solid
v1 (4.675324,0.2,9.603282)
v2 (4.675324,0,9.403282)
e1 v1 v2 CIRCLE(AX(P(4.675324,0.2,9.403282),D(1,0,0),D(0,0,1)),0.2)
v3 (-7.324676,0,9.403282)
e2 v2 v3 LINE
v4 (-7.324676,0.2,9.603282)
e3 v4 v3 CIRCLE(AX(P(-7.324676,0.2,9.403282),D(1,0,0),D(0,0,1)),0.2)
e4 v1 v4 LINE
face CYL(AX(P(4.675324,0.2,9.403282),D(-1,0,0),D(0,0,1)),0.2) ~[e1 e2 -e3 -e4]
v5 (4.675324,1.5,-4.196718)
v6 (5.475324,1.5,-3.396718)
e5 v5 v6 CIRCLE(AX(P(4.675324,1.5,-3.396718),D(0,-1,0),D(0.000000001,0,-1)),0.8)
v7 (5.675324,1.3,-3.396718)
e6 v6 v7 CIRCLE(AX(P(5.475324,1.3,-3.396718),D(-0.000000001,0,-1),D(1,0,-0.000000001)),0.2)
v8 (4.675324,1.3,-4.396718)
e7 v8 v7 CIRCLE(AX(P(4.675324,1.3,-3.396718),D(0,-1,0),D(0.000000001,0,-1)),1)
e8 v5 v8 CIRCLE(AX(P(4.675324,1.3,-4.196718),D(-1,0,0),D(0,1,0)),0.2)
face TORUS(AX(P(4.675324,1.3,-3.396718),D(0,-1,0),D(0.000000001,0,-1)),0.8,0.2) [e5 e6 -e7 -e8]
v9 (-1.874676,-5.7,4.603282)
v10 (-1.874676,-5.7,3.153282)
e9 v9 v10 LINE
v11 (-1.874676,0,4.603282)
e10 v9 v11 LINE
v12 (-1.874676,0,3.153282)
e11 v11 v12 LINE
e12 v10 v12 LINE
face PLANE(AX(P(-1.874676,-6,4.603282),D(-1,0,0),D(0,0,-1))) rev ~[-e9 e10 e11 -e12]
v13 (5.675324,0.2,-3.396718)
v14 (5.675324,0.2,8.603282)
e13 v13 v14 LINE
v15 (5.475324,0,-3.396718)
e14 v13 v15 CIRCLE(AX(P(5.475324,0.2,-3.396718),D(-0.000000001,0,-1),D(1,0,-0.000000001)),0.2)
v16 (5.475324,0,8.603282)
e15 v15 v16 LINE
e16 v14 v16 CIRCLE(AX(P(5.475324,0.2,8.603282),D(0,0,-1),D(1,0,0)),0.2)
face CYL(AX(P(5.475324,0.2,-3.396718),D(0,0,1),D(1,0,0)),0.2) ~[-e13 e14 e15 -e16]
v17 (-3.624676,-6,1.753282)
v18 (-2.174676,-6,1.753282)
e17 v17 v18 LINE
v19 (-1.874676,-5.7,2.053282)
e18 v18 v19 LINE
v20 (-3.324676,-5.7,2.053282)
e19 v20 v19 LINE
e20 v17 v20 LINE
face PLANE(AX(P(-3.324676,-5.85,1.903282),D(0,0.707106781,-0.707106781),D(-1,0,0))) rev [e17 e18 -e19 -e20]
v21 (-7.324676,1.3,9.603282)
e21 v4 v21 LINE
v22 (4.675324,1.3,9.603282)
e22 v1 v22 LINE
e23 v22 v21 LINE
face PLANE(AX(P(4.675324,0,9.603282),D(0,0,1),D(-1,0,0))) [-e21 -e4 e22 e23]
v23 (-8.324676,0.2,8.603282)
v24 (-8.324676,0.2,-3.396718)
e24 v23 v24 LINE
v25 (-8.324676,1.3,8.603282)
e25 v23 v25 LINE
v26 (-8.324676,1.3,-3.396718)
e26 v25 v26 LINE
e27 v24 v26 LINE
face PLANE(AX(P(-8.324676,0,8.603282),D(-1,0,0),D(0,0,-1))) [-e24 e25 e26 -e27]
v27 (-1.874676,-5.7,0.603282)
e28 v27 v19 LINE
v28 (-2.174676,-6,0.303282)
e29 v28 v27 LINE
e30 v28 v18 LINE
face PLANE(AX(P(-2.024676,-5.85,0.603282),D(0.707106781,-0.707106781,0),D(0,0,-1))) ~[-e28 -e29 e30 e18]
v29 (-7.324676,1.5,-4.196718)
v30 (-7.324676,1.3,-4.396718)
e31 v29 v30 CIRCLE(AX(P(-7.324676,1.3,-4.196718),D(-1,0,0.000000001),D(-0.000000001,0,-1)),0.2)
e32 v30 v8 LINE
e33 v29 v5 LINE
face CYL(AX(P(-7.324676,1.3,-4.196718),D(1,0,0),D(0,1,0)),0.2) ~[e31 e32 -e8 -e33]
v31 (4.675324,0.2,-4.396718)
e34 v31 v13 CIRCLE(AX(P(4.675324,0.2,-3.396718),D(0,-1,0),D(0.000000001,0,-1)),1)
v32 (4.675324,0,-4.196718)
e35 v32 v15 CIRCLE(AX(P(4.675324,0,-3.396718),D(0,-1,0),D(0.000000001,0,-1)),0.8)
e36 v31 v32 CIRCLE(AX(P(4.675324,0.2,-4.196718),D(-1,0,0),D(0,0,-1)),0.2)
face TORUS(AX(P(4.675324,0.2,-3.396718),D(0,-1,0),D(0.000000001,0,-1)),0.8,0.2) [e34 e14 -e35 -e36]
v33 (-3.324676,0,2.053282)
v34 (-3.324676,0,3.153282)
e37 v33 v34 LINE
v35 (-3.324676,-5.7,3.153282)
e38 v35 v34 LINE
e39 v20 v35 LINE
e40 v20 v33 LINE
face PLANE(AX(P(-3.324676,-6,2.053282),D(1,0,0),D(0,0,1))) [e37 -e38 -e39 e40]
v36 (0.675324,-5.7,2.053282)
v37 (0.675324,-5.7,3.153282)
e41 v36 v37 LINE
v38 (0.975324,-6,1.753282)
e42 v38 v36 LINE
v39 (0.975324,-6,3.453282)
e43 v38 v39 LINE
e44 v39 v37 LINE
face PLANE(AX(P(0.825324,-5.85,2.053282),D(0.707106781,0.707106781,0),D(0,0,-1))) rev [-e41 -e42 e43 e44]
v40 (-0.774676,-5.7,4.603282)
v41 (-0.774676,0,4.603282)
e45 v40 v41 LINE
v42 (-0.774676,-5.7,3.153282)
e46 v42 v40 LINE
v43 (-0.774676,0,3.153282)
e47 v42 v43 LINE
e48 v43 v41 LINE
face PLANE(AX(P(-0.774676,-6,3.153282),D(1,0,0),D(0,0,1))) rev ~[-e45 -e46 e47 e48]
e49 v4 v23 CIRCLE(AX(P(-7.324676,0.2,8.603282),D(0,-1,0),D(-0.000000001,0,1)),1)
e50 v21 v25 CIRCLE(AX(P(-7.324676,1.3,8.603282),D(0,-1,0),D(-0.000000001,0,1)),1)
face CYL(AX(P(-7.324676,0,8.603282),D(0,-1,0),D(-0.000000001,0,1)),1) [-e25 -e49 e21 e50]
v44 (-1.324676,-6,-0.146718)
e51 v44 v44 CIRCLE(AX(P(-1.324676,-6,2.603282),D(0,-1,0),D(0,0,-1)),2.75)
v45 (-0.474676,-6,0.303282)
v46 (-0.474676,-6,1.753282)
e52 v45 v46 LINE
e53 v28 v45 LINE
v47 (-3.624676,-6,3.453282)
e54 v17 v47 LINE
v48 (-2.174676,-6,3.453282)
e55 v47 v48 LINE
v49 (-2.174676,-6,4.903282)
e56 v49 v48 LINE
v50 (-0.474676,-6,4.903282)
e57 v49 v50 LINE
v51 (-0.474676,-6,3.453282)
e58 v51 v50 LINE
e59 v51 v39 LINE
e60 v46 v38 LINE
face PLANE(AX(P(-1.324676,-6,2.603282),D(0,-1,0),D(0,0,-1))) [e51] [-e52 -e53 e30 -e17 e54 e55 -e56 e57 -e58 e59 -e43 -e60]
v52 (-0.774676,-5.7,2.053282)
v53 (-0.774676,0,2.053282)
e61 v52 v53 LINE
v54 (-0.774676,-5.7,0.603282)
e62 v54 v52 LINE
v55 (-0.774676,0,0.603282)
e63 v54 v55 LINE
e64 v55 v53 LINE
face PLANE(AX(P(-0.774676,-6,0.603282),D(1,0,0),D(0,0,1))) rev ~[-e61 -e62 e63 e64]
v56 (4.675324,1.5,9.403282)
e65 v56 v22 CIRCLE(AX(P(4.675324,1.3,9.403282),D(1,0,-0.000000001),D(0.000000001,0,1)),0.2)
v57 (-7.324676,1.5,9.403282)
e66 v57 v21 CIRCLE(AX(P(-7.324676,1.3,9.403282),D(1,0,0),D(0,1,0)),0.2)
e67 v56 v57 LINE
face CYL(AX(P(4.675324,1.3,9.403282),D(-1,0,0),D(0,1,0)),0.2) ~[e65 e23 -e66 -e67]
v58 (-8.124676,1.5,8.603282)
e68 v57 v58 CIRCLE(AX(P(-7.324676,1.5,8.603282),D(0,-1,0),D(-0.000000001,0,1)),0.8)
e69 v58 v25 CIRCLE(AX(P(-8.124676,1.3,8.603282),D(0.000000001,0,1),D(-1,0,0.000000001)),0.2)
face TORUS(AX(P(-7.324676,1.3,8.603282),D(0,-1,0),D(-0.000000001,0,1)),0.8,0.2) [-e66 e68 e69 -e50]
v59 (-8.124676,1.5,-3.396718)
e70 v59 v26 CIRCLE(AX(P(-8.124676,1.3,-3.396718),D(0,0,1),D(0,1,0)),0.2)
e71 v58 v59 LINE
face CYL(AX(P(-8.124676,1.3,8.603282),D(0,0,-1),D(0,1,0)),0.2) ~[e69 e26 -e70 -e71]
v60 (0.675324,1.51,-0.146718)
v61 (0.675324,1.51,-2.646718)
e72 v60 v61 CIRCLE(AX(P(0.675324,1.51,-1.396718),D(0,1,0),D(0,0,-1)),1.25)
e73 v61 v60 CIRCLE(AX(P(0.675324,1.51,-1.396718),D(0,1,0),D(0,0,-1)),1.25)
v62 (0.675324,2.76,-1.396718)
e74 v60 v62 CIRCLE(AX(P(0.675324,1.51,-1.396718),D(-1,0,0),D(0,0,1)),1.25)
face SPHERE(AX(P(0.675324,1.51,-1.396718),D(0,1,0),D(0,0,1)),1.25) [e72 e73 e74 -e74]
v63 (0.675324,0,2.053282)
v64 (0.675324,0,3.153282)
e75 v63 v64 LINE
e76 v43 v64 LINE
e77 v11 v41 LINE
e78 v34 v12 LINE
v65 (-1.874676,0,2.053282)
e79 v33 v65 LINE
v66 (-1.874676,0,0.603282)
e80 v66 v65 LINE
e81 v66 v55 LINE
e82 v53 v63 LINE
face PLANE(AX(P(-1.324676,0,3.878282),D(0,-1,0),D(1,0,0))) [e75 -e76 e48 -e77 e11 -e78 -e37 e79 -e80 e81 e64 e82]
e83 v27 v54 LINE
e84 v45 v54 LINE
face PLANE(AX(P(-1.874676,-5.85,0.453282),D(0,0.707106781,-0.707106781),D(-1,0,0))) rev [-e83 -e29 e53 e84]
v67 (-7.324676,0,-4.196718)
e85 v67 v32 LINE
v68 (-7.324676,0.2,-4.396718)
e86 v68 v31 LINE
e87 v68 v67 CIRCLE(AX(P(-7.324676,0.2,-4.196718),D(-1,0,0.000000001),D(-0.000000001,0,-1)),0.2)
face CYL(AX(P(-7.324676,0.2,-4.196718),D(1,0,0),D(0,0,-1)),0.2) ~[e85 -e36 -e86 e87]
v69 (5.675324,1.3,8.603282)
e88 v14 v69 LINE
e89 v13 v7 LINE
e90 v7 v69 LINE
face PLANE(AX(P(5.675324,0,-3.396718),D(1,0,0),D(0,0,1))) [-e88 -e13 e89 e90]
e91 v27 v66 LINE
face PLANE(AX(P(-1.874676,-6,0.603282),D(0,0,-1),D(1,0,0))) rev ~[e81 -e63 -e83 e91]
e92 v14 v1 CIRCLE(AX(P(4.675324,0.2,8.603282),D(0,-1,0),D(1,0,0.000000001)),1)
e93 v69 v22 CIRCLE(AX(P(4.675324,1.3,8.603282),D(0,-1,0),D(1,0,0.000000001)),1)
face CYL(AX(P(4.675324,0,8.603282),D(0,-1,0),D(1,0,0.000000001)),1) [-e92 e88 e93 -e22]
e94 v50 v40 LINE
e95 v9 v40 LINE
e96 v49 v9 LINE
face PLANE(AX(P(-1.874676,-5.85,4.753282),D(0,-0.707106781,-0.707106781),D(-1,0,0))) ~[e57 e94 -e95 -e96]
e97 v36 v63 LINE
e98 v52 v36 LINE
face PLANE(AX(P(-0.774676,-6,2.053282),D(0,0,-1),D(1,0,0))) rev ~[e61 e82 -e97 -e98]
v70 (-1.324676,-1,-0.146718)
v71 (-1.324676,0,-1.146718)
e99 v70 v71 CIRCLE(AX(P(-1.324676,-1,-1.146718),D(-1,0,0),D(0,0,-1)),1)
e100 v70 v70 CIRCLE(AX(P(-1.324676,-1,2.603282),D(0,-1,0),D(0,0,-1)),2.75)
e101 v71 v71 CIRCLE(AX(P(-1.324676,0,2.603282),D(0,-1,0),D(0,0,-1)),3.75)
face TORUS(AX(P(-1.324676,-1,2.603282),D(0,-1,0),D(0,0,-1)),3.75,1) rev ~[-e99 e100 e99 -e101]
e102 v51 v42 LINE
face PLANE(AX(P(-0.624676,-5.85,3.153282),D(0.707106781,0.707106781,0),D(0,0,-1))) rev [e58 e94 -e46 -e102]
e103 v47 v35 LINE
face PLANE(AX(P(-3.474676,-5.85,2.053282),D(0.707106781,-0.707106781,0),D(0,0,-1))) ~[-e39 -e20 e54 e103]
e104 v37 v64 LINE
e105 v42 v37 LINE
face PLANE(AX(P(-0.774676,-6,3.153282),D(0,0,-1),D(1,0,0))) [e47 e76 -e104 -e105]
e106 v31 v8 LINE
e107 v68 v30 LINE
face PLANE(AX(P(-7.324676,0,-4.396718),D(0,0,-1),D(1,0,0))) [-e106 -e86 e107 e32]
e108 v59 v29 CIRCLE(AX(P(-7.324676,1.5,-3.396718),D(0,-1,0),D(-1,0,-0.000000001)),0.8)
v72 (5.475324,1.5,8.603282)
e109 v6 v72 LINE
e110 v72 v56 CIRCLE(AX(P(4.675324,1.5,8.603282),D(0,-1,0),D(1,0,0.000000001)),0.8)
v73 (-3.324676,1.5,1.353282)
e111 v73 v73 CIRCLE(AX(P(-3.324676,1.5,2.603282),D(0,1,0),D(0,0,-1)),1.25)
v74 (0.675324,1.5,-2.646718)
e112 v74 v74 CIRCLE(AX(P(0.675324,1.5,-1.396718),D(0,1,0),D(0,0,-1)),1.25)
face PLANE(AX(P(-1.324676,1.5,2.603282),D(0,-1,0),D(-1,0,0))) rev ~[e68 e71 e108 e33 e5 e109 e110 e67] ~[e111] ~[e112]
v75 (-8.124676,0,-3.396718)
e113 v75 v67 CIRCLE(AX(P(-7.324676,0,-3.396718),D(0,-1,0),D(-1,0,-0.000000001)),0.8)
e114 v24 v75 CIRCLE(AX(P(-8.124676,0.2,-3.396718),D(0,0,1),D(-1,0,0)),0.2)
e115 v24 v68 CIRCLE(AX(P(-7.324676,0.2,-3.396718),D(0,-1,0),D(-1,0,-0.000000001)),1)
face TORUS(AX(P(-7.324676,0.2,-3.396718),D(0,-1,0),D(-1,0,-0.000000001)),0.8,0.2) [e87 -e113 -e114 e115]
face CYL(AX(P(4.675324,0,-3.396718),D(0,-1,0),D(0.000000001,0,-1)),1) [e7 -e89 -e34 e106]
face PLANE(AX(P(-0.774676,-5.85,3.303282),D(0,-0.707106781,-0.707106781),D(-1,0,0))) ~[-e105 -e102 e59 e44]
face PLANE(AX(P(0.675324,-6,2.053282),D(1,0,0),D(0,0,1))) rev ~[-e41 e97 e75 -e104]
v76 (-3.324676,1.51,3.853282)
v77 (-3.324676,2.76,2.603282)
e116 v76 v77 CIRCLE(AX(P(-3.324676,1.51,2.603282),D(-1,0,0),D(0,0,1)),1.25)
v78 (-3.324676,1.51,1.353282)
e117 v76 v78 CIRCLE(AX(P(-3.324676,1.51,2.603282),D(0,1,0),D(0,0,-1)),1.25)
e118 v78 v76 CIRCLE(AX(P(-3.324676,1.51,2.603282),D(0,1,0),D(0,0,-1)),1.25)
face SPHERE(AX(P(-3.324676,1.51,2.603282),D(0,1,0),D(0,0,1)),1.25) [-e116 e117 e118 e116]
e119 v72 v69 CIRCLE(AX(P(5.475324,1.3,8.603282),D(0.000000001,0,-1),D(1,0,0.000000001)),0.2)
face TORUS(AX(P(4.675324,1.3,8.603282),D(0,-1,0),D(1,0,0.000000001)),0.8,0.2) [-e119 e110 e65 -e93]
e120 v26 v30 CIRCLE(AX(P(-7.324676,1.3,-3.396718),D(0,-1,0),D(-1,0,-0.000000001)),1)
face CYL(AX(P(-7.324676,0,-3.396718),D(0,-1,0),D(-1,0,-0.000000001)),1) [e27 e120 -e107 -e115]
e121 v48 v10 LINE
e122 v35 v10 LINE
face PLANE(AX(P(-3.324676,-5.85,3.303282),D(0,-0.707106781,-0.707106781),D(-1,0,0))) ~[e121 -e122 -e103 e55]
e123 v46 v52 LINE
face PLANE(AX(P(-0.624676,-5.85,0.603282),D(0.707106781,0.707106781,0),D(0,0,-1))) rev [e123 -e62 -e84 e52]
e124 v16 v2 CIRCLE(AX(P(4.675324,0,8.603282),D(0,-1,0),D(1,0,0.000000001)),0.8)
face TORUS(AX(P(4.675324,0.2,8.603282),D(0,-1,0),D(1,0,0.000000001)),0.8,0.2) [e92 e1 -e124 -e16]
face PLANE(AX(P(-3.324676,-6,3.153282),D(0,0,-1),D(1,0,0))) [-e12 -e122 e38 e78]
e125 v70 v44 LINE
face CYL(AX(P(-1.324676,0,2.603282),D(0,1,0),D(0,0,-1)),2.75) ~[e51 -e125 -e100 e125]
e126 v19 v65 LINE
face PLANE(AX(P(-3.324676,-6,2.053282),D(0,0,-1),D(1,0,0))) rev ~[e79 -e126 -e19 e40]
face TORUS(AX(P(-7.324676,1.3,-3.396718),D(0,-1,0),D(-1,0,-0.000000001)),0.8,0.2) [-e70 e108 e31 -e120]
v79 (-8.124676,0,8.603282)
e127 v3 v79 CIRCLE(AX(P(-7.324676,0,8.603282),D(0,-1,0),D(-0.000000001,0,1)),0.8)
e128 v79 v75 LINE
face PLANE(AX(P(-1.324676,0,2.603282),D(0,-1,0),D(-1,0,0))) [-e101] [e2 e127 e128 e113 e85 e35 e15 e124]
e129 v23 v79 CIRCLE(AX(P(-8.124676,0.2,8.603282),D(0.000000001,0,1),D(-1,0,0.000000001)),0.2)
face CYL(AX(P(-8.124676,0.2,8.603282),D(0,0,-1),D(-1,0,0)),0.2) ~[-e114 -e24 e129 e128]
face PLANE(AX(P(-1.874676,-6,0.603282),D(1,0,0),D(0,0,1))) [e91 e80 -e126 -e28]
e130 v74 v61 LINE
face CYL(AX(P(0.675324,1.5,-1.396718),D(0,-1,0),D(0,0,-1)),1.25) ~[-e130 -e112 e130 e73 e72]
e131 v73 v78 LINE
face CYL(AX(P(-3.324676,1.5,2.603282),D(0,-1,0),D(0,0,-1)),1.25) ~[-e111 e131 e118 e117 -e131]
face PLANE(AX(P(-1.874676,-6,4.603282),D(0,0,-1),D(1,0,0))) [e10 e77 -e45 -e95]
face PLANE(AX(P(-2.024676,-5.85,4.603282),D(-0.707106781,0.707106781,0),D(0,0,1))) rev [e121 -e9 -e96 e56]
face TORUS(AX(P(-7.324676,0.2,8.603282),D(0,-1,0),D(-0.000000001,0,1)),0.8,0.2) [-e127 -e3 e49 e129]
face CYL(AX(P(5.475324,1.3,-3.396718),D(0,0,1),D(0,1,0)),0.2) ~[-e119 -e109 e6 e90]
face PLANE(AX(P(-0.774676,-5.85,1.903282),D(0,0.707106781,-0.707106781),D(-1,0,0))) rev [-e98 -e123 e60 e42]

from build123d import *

# Parameters (mm, degrees)
BOSS_EXTRUDE1_DEPTH = 1.5
SKETCH2_R           = 2.75
BOSS_EXTRUDE2_DEPTH = 6
SKETCH3_W           = 1.1
SKETCH3_H           = 1.45
SKETCH3_W_2         = 1.45
SKETCH3_H_2         = 1.1
CUT_EXTRUDE1_DEPTH  = 6
CHAMFER1_SIZE       = 0.3
FILLET1_R           = 1
SKETCH4_R           = 1.25
BOSS_EXTRUDE3_DEPTH = 0.01
DOME2_FACE_RADIUS   = 1.25
DOME2_HEIGHT        = 1.25
DOME3_FACE_RADIUS   = 1.25
DOME3_HEIGHT        = 1.25
FILLET3_R           = 0.2


with BuildPart() as part:
    # Sketch1 → Boss-Extrude1 (new body)
    with BuildSketch(Plane(origin=(0, 0, 0), x_dir=(1, 0, 0), z_dir=(0, 1, 0))):
        with BuildLine():
            Line((-7.324675649, 4.396717546), (4.675324351, 4.396717546))
            ThreePointArc((4.675324351, 4.396717546), (5.382431132, 4.103824327), (5.675324351, 3.396717546))
            Line((5.675324351, 3.396717546), (5.675324351, -8.603282454))
            ThreePointArc((5.675324351, -8.603282454), (5.382431132, -9.310389235), (4.675324351, -9.603282454))
            Line((4.675324351, -9.603282454), (-7.324675649, -9.603282454))
            ThreePointArc((-7.324675649, -9.603282454), (-8.03178243, -9.310389235), (-8.324675649, -8.603282454))
            Line((-8.324675649, -8.603282454), (-8.324675649, 3.396717546))
            ThreePointArc((-8.324675649, 3.396717546), (-8.03178243, 4.103824327), (-7.324675649, 4.396717546))
        make_face()
    extrude(amount=BOSS_EXTRUDE1_DEPTH)

    # Sketch2 → Boss-Extrude2 (add)
    with BuildSketch(Plane.XZ):
        with Locations(Location((-1.324675649, 2.603282454, 0), (0, 0, 270))):
            Circle(SKETCH2_R)
    extrude(amount=BOSS_EXTRUDE2_DEPTH)

    # Sketch3 → Cut-Extrude1 (cut)
    with BuildSketch(Plane.XZ.offset(6)):
        with Locations((-1.324675649, 3.878282454)):
            Rectangle(SKETCH3_W, SKETCH3_H)
        with Locations((-0.049675649, 2.603282454)):
            Rectangle(SKETCH3_W_2, SKETCH3_H_2)
        with Locations((-1.324675649, 2.603282454)):
            Rectangle(SKETCH3_W, SKETCH3_H_2)
        with Locations((-2.599675649, 2.603282454)):
            Rectangle(SKETCH3_W_2, SKETCH3_H_2)
        with Locations((-1.324675649, 1.328282454)):
            Rectangle(SKETCH3_W, SKETCH3_H)
    extrude(amount=-CUT_EXTRUDE1_DEPTH, mode=Mode.SUBTRACT)

    # Chamfer1
    chamfer1_edges = [part.edges().sort_by_distance(p)[0] for p in [
        (-0.774675649, -6, 3.878282454),
        (-0.049675649, -6, 3.153282454),
        (0.675324351, -6, 2.603282454),
        (-0.774675649, -6, 1.328282454),
        (-2.599675649, -6, 3.153282454),
        (-1.324675649, -6, 4.603282454),
        (-1.874675649, -6, 3.878282454),
        (-3.324675649, -6, 2.603282454),
        (-2.599675649, -6, 2.053282454),
        (-1.874675649, -6, 1.328282454),
        (-1.324675649, -6, 0.603282454),
        (-0.049675649, -6, 2.053282454),
    ]]
    chamfer(chamfer1_edges, length=CHAMFER1_SIZE)

    # Fillet1
    fillet1_edges = [part.edges().sort_by_distance(p)[0] for p in [
        (-1.324675649, 0, 5.353282454),
    ]]
    fillet(fillet1_edges, radius=FILLET1_R)

    # Sketch4 → Boss-Extrude3 (add)
    with BuildSketch(Plane(origin=(0, 1.5, 0), x_dir=(1, 0, 0), z_dir=(0, 1, 0))):
        with Locations(Location((-3.324675649, -2.603282454, 0), (0, 0, 90))):
            Circle(SKETCH4_R)
        with Locations(Location((0.675324351, 1.396717546, 0), (0, 0, 90))):
            Circle(SKETCH4_R)
    extrude(amount=BOSS_EXTRUDE3_DEPTH)

    # Dome2: a dome of height H over a round flat face of radius A is a cap of a sphere of radius (A * A + H * H) / (2 * H)
    dome2_r = (DOME2_FACE_RADIUS * DOME2_FACE_RADIUS + DOME2_HEIGHT * DOME2_HEIGHT) / (2 * DOME2_HEIGHT)
    dome2_base = Plane((0.675324351, 1.51, -1.396717546), z_dir=(0, 1, 0))
    with Locations(dome2_base.offset(DOME2_HEIGHT - dome2_r)):
        dome2_ball = Sphere(dome2_r, mode=Mode.PRIVATE)
    add(split(dome2_ball, bisect_by=dome2_base, keep=Keep.TOP, mode=Mode.PRIVATE))

    # Dome3: a dome of height H over a round flat face of radius A is a cap of a sphere of radius (A * A + H * H) / (2 * H)
    dome3_r = (DOME3_FACE_RADIUS * DOME3_FACE_RADIUS + DOME3_HEIGHT * DOME3_HEIGHT) / (2 * DOME3_HEIGHT)
    dome3_base = Plane((-3.324675649, 1.51, 2.603282454), z_dir=(0, 1, 0))
    with Locations(dome3_base.offset(DOME3_HEIGHT - dome3_r)):
        dome3_ball = Sphere(dome3_r, mode=Mode.PRIVATE)
    add(split(dome3_ball, bisect_by=dome3_base, keep=Keep.TOP, mode=Mode.PRIVATE))

    # Fillet3
    fillet3_edges = [part.edges().sort_by_distance(p)[0] for p in [
        (5.382431132, 1.5, 9.310389235),
        (-1.324675649, 0, 9.603282454),
        (-8.03178243, 0, 9.310389235),
        (5.675324351, 1.5, 2.603282454),
        (5.382431132, 1.5, -4.103824327),
        (-1.324675649, 1.5, -4.396717546),
        (-8.03178243, 1.5, -4.103824327),
        (-8.324675649, 1.5, 2.603282454),
        (-8.03178243, 1.5, 9.310389235),
        (-1.324675649, 1.5, 9.603282454),
        (-8.324675649, 0, 2.603282454),
        (-8.03178243, 0, -4.103824327),
        (-1.324675649, 0, -4.396717546),
        (5.382431132, 0, -4.103824327),
        (5.675324351, 0, 2.603282454),
        (5.382431132, 0, 9.310389235),
    ]]
    fillet(fillet3_edges, radius=FILLET3_R)


solid = part.part
